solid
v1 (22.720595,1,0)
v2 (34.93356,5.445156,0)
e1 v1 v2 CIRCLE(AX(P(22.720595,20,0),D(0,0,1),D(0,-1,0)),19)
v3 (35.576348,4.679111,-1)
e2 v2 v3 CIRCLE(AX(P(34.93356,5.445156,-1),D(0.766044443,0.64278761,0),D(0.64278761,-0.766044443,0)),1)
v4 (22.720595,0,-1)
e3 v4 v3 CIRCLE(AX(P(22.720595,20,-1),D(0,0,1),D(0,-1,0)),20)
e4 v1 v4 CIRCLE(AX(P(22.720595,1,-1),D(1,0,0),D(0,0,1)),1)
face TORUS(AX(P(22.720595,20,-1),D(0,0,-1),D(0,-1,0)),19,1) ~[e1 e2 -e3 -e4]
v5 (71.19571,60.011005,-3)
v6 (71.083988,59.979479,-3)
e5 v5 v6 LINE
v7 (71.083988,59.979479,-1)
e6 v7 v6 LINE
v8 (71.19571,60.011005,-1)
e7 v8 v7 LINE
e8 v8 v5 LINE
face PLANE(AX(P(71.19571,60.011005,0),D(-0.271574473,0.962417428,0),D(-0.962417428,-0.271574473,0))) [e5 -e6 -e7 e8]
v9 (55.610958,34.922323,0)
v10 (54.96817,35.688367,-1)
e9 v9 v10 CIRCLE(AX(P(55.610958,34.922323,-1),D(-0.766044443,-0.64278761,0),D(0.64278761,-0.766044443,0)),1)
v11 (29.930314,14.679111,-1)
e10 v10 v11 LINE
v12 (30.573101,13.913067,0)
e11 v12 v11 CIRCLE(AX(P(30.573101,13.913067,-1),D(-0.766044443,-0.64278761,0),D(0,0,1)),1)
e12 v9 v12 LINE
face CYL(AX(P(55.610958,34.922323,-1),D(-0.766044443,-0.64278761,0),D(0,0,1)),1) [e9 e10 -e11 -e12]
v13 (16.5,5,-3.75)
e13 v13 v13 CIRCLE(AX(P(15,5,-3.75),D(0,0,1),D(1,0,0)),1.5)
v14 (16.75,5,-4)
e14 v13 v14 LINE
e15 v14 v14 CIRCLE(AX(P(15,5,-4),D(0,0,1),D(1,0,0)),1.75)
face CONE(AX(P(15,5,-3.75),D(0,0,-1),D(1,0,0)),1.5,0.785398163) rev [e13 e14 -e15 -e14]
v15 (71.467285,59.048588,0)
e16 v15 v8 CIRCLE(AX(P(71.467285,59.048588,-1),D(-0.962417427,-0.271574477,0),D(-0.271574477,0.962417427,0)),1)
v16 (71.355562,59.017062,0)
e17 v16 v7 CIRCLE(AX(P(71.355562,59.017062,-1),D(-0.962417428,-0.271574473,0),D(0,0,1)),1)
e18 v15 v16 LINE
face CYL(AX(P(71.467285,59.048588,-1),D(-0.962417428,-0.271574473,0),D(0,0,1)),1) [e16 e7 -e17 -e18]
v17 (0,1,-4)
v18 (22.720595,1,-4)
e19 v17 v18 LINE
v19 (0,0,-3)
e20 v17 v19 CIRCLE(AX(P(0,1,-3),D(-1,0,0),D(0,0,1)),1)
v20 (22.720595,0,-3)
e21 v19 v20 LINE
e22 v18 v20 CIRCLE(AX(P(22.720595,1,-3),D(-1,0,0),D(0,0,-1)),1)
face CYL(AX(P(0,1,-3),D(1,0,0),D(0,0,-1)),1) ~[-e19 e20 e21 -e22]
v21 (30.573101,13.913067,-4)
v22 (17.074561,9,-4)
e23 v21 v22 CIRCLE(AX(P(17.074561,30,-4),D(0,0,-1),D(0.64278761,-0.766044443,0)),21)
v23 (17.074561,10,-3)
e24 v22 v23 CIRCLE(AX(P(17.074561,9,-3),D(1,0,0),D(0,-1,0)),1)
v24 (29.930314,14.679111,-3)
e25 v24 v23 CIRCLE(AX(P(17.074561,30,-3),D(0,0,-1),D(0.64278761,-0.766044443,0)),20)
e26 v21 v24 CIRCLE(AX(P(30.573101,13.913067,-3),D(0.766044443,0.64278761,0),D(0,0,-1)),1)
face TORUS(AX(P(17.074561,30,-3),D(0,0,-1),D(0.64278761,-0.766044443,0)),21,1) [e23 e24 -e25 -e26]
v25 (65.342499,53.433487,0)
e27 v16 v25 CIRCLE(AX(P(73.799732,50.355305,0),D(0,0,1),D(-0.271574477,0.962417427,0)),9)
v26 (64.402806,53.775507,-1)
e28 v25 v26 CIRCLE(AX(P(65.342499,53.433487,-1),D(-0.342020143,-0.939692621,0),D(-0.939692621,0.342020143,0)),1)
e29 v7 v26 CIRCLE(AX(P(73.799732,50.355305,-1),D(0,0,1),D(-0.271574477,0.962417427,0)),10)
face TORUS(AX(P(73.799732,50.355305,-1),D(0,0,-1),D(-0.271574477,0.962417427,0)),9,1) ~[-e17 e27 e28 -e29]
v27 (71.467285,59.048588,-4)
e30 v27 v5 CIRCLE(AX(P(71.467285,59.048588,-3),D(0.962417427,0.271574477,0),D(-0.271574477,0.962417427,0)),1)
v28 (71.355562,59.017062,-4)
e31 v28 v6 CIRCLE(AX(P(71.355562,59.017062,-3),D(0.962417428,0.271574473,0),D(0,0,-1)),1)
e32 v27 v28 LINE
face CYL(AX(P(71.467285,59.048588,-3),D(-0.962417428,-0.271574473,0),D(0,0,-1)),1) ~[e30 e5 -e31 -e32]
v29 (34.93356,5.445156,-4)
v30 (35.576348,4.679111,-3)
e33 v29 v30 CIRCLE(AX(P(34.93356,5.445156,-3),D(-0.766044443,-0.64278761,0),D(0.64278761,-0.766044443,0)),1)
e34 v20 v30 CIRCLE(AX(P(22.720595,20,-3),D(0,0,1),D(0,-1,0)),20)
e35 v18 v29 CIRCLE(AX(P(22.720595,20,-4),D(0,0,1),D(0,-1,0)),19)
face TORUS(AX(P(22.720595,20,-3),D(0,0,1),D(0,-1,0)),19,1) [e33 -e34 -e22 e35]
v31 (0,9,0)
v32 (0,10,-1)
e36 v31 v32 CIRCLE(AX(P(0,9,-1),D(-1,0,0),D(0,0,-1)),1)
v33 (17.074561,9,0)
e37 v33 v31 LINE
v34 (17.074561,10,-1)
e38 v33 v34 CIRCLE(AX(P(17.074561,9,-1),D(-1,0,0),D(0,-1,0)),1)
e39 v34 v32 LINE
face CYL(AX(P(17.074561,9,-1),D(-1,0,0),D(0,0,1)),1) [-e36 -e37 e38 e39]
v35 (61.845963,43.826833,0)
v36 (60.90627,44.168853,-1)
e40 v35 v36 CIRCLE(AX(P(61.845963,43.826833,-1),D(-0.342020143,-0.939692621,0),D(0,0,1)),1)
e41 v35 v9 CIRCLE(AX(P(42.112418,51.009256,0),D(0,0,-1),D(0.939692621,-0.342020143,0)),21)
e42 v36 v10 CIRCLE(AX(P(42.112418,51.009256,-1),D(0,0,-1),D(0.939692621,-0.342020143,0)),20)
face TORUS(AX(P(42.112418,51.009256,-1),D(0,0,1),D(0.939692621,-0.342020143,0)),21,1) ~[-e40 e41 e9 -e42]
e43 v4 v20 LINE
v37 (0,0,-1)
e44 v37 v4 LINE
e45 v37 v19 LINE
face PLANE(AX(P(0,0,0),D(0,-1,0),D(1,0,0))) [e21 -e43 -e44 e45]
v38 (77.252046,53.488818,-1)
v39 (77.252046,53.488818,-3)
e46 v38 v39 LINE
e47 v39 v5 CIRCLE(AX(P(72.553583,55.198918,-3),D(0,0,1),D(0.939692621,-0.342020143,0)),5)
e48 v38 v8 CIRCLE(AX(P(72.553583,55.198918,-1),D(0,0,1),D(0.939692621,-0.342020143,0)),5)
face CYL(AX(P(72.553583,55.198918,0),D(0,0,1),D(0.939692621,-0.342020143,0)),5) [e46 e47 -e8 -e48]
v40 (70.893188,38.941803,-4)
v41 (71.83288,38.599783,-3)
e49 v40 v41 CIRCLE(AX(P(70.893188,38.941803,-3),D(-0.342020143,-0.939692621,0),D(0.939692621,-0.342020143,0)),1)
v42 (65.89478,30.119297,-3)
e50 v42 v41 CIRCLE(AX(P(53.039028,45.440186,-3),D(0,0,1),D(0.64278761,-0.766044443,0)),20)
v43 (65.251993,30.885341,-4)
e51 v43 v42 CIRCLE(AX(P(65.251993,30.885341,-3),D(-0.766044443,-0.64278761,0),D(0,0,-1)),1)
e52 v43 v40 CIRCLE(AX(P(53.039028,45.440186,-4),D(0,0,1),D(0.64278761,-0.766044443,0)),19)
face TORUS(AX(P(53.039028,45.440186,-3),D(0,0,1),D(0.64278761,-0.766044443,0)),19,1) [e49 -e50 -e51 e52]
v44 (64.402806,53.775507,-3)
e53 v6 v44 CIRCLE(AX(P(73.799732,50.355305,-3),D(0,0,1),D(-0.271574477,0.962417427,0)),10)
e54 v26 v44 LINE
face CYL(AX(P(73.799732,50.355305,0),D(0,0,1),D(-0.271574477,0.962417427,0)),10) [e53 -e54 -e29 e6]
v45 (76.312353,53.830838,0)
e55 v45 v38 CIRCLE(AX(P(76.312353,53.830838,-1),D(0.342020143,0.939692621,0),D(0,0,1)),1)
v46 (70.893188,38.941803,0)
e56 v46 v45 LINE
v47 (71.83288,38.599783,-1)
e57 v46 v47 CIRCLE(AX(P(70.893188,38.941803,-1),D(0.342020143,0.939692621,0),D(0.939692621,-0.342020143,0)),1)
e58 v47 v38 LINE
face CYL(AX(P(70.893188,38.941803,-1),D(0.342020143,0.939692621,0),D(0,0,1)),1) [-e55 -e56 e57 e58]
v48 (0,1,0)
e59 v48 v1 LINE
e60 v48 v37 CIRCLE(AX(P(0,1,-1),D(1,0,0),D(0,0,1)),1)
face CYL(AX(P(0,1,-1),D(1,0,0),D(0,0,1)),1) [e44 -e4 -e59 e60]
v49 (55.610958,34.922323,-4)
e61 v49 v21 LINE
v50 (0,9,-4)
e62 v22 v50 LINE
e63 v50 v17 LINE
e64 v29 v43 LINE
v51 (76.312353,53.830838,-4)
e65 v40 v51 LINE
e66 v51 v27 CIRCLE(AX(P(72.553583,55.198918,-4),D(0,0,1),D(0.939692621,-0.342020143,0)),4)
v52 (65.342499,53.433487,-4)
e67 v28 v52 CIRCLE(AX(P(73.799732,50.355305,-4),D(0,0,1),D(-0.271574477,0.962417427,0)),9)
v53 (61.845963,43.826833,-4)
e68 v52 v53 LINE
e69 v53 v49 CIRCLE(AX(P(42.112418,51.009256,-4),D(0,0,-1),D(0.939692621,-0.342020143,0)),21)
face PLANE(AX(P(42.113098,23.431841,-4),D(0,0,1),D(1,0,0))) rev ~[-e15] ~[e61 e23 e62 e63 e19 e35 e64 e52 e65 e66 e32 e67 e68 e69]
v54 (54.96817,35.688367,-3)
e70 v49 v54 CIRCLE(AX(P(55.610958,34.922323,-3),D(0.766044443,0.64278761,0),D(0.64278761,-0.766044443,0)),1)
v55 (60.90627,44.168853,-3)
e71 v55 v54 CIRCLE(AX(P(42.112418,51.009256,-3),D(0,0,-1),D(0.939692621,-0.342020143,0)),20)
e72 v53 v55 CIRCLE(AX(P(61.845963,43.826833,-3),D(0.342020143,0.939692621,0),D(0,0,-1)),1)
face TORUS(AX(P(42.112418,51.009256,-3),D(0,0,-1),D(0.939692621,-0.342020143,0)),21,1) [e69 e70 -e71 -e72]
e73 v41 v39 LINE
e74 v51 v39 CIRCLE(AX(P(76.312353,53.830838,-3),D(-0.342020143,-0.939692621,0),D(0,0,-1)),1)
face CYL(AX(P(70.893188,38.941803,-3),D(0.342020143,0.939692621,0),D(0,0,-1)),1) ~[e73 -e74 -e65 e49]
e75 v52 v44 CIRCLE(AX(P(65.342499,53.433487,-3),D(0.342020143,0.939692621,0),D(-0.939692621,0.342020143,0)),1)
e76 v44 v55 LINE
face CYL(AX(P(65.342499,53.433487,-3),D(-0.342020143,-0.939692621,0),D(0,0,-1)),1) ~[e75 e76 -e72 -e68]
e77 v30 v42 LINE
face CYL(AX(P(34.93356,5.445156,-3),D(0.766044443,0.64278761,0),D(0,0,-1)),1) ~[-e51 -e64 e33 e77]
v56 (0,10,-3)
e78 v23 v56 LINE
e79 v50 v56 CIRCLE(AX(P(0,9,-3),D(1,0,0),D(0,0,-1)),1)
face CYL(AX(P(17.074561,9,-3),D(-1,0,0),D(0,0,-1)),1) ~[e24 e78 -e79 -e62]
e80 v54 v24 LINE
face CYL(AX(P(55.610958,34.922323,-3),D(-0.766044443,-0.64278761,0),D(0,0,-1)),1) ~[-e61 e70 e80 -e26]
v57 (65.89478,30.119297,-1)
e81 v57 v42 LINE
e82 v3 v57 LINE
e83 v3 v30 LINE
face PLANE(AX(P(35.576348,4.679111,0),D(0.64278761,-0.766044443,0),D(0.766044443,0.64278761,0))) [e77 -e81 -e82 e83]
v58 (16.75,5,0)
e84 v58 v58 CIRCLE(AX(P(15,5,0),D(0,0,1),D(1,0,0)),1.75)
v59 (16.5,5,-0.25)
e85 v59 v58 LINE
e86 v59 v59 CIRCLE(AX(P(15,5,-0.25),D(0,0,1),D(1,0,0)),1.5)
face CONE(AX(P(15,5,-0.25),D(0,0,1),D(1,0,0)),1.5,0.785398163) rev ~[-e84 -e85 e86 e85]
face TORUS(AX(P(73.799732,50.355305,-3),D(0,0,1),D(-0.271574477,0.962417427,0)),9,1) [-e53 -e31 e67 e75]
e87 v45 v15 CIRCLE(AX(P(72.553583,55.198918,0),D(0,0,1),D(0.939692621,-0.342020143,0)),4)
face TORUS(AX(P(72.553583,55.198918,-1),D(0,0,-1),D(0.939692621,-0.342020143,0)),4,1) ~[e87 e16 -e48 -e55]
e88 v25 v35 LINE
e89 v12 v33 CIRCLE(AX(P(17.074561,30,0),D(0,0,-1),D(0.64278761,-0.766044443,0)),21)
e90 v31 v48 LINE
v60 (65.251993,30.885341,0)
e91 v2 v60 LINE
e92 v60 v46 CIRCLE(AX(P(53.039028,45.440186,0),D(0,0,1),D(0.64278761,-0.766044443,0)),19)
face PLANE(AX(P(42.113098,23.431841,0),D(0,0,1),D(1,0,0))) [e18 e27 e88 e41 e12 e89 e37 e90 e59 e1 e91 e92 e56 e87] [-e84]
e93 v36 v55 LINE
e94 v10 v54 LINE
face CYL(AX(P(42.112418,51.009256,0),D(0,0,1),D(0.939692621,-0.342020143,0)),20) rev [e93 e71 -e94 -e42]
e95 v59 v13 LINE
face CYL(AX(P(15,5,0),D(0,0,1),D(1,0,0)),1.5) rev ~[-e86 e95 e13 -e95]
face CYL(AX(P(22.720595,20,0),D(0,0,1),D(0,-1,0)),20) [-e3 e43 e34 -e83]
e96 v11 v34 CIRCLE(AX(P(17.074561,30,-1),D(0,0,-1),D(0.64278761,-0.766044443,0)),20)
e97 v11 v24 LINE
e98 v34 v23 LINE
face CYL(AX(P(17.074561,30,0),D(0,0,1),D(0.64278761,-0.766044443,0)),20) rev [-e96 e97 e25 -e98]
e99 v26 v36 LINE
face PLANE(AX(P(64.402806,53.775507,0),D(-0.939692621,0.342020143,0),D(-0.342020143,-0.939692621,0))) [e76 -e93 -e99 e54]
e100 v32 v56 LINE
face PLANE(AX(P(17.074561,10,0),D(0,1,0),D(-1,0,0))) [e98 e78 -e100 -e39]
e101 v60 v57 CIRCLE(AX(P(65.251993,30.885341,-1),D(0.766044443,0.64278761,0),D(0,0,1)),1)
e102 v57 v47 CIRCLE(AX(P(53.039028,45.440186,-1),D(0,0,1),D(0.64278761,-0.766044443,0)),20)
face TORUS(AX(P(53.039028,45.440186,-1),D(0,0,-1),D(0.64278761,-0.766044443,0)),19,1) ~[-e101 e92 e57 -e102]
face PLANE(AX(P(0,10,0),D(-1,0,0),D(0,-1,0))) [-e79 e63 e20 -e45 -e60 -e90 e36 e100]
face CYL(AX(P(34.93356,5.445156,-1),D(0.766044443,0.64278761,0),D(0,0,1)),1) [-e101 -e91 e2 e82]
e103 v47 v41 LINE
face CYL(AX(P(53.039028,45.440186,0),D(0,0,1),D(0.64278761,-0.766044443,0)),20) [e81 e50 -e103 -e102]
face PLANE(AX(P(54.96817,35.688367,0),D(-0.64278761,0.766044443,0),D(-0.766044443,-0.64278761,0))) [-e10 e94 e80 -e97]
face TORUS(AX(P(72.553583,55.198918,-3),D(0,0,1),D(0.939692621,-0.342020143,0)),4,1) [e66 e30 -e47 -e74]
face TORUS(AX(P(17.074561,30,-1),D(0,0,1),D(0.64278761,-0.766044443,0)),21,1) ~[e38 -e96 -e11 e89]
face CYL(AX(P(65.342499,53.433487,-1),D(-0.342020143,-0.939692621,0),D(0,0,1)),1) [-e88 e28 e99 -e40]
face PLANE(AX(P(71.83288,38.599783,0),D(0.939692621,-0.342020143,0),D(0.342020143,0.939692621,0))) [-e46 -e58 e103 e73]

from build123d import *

# Parameters (mm, degrees)
SCHIZZO1_R                   = 1.5
ESTRUSIONE_ESTRUSIONE1_DEPTH = 4
SMUSSO1_SIZE                 = 0.25
RACCORDO4_R                  = 1
RACCORDO5_R                  = 1


with BuildPart() as part:
    # Schizzo1 → Estrusione-Estrusione1 (new body)
    with BuildSketch(Plane.XY):
        with BuildLine():
            Line((0, 0), (22.720595315, 0))
            ThreePointArc((22.720595315, 0), (29.560998181, 1.206147584), (35.576347508, 4.679111138))
            Line((35.576347508, 4.679111138), (65.894780202, 30.119296829))
            ThreePointArc((65.894780202, 30.119296829), (69.422068894, 33.968656964), (71.832880424, 38.599782825))
            Line((71.832880424, 38.599782825), (77.25204587, 53.48881752))
            ThreePointArc((77.25204587, 53.48881752), (76.217545127, 58.601179223), (71.195710383, 60.011005371))
            Line((71.195710383, 60.011005371), (71.083987609, 59.979479494))
            ThreePointArc((71.083987609, 59.979479494), (66.995210403, 57.683229946), (64.402806168, 53.775506658))
            Line((64.402806168, 53.775506658), (60.906270246, 44.168853168))
            ThreePointArc((60.906270246, 44.168853168), (58.495458716, 39.537727307), (54.968170024, 35.688367172))
            Line((54.968170024, 35.688367172), (29.930313668, 14.679111138))
            ThreePointArc((29.930313668, 14.679111138), (23.91496434, 11.206147584), (17.074561474, 10))
            Line((17.074561474, 10), (0, 10))
            Line((0, 10), (0, 0))
        make_face()
        with Locations((15, 5)):
            Circle(SCHIZZO1_R, mode=Mode.SUBTRACT)
    extrude(amount=-ESTRUSIONE_ESTRUSIONE1_DEPTH)

    # Smusso1
    smusso1_edges = [part.edges().sort_by_distance(p)[0] for p in [
        (13.5, 5, 0),
        (13.5, 5, -4),
    ]]
    chamfer(smusso1_edges, length=SMUSSO1_SIZE)

    # Raccordo4
    raccordo4_edges = [part.edges().sort_by_distance(p)[0] for p in [
        (74.542463147, 46.044300172, -4),
        (76.217545127, 58.601179223, -4),
        (71.139848996, 59.995242433, -4),
        (66.995210403, 57.683229946, -4),
        (62.654538207, 48.972179913, -4),
        (58.495458716, 39.537727307, -4),
        (42.449241846, 25.183739155, -4),
        (23.91496434, 11.206147584, -4),
        (8.537280737, 10, -4),
        (11.360297657, 0, -4),
        (29.560998181, 1.206147584, -4),
        (50.735563855, 17.399203983, -4),
        (69.422068894, 33.968656964, -4),
    ]]
    fillet(raccordo4_edges, radius=RACCORDO4_R)

    # Raccordo5
    raccordo5_edges = [part.edges().sort_by_distance(p)[0] for p in [
        (69.422068894, 33.968656964, 0),
        (50.735563855, 17.399203983, 0),
        (29.560998181, 1.206147584, 0),
        (11.360297657, 0, 0),
        (8.537280737, 10, 0),
        (23.91496434, 11.206147584, 0),
        (42.449241846, 25.183739155, 0),
        (58.495458716, 39.537727307, 0),
        (62.654538207, 48.972179913, 0),
        (66.995210403, 57.683229946, 0),
        (71.139848996, 59.995242433, 0),
        (76.217545127, 58.601179223, 0),
        (74.542463147, 46.044300172, 0),
    ]]
    fillet(raccordo5_edges, radius=RACCORDO5_R)


solid = part.part
